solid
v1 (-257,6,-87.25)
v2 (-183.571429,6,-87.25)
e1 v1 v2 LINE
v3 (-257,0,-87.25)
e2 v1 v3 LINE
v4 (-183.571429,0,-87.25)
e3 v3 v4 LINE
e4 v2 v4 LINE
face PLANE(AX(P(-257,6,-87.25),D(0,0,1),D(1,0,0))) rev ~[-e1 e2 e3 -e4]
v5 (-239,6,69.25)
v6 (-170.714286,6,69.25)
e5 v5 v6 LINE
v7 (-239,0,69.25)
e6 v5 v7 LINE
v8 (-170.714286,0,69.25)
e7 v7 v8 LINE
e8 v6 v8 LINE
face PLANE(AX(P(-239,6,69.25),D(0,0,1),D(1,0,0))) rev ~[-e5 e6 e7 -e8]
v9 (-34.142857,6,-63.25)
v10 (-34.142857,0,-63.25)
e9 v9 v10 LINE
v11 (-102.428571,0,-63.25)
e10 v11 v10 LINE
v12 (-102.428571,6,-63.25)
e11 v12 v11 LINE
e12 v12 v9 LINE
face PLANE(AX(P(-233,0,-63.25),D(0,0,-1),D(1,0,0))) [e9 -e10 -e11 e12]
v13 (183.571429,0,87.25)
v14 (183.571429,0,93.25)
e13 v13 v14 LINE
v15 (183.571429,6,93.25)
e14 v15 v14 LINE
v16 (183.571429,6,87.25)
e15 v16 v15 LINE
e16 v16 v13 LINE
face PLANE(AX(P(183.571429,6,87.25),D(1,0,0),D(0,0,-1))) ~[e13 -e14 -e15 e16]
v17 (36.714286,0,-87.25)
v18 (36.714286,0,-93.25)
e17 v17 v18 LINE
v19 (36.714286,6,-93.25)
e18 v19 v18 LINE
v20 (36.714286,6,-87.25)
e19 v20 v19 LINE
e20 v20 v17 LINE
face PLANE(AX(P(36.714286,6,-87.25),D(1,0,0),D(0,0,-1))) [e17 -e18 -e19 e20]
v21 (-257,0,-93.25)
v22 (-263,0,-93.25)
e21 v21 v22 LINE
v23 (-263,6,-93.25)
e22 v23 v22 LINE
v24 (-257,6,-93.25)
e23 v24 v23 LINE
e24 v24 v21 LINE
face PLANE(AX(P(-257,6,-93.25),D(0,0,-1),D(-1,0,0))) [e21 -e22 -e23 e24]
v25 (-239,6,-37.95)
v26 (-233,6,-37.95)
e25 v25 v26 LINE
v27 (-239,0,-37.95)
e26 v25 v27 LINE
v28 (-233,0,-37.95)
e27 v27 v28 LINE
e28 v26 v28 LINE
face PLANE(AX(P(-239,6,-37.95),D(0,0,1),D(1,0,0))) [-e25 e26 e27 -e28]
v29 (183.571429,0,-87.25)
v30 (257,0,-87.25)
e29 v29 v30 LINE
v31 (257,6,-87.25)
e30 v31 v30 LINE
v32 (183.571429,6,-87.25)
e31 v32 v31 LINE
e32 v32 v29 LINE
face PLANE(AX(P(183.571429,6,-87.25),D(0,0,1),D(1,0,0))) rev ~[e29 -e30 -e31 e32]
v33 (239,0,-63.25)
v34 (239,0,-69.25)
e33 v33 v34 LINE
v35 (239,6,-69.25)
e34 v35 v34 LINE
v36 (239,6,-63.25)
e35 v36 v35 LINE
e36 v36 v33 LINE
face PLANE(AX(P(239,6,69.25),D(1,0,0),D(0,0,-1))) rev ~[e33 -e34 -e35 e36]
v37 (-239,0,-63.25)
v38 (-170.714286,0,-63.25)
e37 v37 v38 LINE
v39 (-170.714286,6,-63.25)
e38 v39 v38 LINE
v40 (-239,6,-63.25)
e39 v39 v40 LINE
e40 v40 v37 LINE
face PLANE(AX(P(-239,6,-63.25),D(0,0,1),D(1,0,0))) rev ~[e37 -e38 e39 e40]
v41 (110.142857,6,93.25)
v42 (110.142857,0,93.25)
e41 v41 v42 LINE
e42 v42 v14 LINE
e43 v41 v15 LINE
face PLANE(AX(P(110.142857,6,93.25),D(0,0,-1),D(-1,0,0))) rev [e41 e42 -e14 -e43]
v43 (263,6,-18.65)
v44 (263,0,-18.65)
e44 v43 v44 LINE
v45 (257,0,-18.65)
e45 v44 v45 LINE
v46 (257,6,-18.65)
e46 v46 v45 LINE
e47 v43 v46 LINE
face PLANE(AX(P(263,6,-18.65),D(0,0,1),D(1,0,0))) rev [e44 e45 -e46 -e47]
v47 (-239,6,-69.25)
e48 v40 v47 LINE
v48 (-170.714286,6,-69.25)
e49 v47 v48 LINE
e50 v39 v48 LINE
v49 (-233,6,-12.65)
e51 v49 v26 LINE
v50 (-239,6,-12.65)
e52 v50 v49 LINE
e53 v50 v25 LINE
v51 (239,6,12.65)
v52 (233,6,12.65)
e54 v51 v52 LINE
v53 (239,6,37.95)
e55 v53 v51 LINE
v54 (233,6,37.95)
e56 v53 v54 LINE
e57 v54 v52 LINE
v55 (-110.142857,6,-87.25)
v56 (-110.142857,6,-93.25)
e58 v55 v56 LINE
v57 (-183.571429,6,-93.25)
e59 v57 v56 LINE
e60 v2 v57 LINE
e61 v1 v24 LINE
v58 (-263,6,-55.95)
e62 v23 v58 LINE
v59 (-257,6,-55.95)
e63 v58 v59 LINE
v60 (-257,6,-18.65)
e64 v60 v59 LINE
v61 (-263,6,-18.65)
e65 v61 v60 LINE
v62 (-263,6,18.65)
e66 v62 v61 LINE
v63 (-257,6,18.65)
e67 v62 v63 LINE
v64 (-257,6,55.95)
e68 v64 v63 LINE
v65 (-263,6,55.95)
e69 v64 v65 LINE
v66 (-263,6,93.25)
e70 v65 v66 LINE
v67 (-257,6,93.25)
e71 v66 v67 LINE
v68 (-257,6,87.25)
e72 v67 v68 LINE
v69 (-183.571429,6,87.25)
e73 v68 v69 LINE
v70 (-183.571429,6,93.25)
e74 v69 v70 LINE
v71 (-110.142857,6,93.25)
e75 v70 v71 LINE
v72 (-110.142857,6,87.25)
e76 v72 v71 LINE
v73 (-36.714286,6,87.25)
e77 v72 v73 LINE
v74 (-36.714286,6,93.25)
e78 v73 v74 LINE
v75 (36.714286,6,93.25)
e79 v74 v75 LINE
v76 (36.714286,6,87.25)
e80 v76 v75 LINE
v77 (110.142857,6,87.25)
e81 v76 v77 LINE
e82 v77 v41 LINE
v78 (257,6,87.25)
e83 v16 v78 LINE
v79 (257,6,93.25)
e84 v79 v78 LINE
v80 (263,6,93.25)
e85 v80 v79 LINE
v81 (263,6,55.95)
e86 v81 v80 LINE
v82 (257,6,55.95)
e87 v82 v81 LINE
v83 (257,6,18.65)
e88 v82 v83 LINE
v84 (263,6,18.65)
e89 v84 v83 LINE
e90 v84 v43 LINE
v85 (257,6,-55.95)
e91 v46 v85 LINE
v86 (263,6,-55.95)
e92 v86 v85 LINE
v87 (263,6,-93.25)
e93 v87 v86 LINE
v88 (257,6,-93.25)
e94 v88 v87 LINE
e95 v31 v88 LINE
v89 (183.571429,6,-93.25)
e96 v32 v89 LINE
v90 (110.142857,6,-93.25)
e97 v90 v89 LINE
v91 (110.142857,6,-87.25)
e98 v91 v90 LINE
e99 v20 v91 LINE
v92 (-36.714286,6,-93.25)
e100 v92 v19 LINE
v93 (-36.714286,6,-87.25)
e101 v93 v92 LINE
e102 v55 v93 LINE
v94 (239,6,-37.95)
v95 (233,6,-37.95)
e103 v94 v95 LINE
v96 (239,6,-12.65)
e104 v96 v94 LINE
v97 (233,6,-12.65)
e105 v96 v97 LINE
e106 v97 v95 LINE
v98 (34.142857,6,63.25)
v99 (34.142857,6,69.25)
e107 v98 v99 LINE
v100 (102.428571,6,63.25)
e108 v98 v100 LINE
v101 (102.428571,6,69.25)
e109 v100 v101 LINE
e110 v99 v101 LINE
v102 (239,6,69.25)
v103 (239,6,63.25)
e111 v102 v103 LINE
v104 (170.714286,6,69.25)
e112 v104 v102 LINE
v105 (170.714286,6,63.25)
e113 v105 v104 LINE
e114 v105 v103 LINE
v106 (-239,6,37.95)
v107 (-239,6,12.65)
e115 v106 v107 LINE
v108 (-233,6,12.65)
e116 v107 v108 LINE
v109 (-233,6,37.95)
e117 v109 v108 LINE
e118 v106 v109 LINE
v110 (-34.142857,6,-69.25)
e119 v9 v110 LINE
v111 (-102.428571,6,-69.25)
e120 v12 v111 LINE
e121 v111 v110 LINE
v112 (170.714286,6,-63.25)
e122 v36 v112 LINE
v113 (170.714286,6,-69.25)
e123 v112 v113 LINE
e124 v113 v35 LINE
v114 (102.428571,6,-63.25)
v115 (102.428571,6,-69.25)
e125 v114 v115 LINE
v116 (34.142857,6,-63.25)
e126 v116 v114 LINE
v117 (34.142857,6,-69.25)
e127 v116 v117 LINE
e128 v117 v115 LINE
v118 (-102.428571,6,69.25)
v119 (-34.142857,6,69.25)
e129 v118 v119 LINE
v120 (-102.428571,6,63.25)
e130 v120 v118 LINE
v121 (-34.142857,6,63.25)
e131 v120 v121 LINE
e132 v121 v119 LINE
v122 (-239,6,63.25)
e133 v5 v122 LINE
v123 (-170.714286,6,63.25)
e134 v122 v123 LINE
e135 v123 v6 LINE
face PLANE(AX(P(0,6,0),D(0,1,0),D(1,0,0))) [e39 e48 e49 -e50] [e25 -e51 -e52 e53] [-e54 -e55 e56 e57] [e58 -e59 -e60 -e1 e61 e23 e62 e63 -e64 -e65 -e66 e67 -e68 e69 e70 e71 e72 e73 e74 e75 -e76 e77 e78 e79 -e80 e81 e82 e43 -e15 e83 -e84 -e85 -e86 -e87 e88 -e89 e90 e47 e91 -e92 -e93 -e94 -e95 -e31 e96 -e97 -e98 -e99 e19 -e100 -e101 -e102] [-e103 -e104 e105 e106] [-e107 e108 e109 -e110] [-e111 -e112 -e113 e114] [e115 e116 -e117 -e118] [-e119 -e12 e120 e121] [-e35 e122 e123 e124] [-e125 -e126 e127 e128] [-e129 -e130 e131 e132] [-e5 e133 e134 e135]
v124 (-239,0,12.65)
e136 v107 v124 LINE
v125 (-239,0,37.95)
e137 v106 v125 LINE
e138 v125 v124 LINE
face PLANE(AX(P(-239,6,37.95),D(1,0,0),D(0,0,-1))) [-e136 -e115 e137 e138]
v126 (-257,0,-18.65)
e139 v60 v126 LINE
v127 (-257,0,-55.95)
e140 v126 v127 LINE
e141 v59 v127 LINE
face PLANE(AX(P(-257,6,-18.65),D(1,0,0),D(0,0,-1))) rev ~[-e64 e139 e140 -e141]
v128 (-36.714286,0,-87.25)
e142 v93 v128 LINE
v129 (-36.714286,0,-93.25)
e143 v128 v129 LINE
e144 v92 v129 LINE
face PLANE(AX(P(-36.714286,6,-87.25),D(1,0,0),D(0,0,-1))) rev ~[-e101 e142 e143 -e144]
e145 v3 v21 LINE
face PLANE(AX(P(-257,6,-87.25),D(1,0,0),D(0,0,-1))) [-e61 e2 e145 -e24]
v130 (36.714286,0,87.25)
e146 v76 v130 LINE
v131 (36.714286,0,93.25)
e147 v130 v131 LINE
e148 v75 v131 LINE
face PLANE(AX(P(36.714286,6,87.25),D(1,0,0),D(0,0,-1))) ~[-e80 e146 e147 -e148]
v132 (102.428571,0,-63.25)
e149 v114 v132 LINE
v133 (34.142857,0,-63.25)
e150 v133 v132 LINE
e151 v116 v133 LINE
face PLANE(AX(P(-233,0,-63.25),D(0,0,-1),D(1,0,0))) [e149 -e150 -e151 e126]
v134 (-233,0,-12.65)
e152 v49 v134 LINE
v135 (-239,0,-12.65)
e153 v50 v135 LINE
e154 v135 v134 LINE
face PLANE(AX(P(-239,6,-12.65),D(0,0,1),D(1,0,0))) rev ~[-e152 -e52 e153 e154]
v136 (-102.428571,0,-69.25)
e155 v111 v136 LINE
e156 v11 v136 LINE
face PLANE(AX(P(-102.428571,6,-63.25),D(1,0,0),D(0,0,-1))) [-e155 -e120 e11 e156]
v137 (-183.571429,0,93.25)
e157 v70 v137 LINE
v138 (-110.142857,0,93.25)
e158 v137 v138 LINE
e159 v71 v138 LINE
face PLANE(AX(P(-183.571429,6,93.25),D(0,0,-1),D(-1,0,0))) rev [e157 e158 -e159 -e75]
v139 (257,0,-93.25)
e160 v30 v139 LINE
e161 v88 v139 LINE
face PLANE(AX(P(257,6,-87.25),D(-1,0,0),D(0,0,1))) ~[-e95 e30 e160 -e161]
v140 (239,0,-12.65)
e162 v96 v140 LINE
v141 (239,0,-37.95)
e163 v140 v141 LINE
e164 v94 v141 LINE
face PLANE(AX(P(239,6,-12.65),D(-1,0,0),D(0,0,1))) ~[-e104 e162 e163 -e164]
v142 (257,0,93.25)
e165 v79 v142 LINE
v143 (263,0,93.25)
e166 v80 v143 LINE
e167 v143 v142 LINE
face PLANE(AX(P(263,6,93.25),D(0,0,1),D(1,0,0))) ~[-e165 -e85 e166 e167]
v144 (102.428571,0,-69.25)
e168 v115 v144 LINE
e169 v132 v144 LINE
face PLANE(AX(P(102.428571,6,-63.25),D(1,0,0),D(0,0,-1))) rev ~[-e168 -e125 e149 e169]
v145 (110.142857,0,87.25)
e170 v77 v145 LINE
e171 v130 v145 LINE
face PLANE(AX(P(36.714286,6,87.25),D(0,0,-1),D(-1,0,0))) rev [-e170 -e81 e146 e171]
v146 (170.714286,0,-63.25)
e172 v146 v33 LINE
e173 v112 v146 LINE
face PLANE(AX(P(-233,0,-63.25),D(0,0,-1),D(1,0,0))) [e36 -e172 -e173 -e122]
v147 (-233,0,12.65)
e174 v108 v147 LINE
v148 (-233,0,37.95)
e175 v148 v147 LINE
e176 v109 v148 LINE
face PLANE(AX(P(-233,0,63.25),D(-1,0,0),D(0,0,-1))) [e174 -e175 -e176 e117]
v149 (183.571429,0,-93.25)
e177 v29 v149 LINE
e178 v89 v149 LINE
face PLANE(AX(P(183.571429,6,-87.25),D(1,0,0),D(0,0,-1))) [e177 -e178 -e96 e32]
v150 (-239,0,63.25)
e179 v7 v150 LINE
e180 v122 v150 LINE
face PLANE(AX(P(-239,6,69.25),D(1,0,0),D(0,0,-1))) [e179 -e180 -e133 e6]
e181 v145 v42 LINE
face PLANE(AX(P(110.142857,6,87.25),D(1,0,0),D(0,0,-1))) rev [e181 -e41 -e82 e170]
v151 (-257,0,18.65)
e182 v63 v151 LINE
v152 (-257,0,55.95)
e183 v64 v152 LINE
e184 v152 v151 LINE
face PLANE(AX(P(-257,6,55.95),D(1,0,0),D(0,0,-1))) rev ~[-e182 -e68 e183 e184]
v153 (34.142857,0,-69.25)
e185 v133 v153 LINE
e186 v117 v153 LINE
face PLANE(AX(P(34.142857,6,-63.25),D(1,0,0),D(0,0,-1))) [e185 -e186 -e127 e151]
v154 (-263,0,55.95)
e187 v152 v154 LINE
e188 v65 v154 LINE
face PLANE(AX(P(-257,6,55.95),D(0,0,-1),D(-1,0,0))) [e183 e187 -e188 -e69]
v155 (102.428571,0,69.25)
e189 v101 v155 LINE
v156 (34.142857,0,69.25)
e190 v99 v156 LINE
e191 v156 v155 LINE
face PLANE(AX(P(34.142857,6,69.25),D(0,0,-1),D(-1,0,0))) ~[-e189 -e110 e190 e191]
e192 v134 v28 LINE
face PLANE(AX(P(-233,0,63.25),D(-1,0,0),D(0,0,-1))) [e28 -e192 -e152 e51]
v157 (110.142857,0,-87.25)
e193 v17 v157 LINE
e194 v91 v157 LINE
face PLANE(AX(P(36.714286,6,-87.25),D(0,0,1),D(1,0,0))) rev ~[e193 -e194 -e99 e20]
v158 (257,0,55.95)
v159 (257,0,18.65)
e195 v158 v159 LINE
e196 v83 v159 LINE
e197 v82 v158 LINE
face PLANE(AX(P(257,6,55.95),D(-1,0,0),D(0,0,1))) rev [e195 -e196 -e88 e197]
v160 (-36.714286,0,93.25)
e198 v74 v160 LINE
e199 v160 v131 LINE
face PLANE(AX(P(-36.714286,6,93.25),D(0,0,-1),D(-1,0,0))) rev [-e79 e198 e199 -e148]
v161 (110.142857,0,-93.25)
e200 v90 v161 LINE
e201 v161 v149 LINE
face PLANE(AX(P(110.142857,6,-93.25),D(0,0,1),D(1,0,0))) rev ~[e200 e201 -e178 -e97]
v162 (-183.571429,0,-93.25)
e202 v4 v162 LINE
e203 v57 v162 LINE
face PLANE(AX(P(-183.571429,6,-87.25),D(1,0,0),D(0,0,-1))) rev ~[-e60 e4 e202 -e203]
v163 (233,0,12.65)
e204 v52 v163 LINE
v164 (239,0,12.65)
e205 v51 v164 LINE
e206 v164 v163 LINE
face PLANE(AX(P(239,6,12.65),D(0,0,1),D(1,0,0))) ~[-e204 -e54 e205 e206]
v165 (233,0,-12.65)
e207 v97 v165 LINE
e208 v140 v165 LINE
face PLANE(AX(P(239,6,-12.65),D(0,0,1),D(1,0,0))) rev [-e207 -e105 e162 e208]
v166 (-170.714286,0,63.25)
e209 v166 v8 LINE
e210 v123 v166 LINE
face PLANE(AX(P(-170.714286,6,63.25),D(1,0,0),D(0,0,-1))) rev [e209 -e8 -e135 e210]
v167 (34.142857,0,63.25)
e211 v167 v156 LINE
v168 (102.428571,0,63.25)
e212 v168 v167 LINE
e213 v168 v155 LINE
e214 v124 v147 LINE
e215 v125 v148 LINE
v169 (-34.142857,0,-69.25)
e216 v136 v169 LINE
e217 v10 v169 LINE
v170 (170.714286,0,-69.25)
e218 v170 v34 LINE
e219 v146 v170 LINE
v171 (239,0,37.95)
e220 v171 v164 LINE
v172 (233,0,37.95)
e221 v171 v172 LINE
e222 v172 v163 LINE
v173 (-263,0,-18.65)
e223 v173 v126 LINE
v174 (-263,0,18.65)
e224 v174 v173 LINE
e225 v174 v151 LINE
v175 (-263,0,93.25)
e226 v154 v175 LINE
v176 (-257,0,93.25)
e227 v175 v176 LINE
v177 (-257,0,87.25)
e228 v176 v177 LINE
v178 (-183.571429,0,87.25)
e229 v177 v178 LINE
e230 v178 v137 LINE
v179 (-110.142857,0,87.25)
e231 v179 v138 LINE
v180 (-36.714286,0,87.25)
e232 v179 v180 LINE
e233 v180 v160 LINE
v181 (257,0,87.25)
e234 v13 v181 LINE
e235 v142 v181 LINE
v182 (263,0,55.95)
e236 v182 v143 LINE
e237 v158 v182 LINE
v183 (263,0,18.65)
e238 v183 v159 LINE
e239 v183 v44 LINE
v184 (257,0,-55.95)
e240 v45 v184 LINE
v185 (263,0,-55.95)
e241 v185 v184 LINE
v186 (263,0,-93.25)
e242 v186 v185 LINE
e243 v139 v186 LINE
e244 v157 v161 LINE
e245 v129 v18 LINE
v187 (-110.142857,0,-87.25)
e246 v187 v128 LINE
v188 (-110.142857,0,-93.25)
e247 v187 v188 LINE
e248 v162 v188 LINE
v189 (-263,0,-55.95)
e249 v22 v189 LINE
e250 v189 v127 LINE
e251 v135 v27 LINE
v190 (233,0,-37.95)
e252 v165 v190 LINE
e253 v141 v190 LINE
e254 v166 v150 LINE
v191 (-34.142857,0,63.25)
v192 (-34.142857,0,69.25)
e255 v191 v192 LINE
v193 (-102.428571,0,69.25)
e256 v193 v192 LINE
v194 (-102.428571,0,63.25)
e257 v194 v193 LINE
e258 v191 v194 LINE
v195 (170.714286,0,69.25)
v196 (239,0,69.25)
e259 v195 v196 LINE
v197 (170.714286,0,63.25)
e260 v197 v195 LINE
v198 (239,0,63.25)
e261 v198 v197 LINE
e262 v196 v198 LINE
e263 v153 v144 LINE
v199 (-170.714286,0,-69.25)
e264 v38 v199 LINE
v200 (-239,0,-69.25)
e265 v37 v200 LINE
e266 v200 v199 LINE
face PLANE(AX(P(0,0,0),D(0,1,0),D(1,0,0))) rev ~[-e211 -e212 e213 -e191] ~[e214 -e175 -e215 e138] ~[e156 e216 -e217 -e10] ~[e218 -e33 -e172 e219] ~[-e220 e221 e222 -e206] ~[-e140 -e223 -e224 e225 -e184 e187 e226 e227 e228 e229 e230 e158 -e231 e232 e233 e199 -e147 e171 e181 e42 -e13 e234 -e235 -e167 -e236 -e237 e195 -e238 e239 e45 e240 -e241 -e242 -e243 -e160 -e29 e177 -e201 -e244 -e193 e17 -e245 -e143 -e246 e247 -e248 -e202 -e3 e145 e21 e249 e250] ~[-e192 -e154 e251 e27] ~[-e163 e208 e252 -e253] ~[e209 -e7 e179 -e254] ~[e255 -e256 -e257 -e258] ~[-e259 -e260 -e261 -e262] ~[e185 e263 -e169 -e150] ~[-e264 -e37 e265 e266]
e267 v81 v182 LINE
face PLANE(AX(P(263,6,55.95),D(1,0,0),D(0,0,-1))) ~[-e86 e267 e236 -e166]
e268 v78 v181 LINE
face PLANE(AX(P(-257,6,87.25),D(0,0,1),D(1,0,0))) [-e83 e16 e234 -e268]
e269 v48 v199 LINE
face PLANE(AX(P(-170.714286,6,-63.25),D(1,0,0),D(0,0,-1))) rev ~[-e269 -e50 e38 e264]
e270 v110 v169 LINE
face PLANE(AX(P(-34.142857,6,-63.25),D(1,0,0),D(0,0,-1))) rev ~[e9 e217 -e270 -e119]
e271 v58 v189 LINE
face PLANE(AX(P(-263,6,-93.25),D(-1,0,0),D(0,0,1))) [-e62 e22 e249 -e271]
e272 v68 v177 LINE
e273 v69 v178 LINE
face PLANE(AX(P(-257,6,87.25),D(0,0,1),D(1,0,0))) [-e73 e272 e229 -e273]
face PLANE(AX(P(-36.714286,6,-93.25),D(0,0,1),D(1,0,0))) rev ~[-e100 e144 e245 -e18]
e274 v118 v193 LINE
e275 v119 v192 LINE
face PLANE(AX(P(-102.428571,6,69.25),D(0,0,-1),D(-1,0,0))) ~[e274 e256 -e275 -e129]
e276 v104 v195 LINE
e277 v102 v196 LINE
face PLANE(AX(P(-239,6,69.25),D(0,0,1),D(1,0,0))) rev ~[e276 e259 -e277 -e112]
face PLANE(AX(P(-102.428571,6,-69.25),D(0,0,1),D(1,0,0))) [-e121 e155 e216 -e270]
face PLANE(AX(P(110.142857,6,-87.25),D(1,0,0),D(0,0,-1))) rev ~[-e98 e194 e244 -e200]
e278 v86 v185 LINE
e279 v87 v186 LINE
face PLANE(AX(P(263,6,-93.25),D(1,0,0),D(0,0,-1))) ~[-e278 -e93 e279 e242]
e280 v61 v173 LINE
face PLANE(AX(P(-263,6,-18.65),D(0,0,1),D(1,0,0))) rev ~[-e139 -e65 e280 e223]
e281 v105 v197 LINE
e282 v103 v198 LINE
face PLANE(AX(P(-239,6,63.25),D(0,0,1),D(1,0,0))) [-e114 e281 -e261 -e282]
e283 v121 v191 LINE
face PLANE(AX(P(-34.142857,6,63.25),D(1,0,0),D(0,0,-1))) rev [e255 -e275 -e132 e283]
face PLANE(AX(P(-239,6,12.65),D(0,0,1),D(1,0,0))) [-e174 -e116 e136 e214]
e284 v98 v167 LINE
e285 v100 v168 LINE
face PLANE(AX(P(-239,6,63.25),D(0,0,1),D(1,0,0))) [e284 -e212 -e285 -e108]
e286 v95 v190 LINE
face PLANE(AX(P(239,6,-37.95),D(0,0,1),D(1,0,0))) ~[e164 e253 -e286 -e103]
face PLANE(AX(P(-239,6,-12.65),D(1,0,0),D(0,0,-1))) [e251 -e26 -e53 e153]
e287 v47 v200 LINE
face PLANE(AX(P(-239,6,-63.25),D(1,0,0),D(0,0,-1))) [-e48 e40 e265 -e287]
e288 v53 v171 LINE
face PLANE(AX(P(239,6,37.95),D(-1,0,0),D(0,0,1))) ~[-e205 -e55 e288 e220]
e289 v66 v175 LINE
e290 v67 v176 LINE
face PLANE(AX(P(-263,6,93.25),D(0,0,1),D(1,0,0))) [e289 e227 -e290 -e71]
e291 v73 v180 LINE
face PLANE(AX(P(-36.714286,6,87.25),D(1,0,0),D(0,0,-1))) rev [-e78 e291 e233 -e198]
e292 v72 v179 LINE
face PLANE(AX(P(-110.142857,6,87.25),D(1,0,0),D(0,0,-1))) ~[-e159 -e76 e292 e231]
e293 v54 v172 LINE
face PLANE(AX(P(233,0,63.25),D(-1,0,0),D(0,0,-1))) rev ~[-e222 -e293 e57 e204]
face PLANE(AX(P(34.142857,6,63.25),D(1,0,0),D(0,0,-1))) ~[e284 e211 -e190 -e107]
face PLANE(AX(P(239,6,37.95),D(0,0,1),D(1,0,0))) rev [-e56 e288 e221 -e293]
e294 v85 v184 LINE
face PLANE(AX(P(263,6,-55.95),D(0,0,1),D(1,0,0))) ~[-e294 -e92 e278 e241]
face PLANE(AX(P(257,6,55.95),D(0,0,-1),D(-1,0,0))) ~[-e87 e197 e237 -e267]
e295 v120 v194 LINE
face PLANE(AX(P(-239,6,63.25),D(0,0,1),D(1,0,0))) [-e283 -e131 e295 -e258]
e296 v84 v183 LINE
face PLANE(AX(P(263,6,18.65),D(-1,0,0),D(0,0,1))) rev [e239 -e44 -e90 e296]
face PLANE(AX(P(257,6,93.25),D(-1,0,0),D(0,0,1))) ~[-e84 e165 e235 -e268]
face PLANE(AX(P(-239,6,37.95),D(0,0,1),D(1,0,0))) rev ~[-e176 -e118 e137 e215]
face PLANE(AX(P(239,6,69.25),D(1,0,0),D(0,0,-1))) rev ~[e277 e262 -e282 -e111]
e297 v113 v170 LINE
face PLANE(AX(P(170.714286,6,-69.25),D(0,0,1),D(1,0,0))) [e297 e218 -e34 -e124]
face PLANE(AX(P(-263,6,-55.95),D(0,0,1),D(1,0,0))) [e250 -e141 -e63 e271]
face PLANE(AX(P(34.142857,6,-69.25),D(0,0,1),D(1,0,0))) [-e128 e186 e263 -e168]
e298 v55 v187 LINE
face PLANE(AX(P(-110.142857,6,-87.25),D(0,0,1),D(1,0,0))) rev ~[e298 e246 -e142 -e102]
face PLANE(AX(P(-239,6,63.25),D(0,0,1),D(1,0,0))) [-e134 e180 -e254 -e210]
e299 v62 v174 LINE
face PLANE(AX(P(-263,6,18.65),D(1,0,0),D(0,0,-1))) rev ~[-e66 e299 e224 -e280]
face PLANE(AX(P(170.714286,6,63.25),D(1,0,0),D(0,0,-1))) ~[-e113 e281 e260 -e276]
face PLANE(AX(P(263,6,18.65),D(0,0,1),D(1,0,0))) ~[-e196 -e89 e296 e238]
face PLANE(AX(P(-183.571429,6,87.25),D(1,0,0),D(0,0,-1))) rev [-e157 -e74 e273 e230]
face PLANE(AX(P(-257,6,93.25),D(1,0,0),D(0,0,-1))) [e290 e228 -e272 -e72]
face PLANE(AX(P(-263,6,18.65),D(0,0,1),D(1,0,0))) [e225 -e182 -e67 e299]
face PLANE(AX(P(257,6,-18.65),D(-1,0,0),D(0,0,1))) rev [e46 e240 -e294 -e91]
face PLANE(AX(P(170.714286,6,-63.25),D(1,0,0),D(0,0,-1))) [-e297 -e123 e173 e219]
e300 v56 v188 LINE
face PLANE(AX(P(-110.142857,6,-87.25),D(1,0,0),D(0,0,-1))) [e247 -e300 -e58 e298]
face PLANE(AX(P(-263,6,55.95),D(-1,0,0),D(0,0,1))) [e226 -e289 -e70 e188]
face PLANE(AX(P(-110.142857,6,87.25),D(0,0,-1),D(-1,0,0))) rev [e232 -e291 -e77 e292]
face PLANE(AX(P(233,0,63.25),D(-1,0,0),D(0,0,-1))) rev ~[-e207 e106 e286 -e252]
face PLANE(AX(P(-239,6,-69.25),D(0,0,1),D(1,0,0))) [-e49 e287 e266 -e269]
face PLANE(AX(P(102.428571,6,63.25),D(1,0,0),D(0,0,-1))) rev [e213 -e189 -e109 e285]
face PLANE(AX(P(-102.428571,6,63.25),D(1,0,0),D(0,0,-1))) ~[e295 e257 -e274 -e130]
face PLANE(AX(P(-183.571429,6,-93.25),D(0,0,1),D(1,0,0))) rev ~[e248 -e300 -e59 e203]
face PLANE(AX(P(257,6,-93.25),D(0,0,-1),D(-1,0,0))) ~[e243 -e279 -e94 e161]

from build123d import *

# Parameters (mm, degrees)
SKETCH1_W           = 466
SKETCH1_H           = 126.5
BOSS_EXTRUDE1_DEPTH = 6
SKETCH2_W           = 514
SKETCH2_H           = 174.5
SKETCH2_W_2         = 68.285714286
SKETCH2_H_2         = 6
SKETCH2_W_3         = 68.285714285
SKETCH2_W_4         = 73.428571428
SKETCH2_W_5         = 6
SKETCH2_H_3         = 25.3
SKETCH2_H_4         = 37.3
BOSS_EXTRUDE2_DEPTH = 6


with BuildPart() as part:
    # Sketch1 → Boss-Extrude1 (new body)
    with BuildSketch(Plane(origin=(0, 0, 0), x_dir=(1, 0, 0), z_dir=(0, 1, 0))):
        Rectangle(SKETCH1_W, SKETCH1_H)
    extrude(amount=BOSS_EXTRUDE1_DEPTH)

    # Sketch2 → Boss-Extrude2 (add)
    with BuildSketch(Plane(origin=(0, 6, 0), x_dir=(1, 0, 0), z_dir=(0, 1, 0))):
        Rectangle(SKETCH2_W, SKETCH2_H)
        Polygon((170.714285714, 69.25), (102.428571429, 69.25), (34.142857143, 69.25), (-34.142857143, 69.25), (-102.428571429, 69.25), (-170.714285714, 69.25), (-239, 69.25), (-239, 63.25), (-239, 37.95), (-239, 12.65), (-239, -12.65), (-239, -37.95), (-239, -63.25), (-239, -69.25), (239, -69.25), (239, 69.25), align=None, mode=Mode.SUBTRACT)
        with Locations((0, 66.25)):
            Rectangle(SKETCH2_W_2, SKETCH2_H_2)
        with Locations((-136.571428572, 66.25)):
            Rectangle(SKETCH2_W_3, SKETCH2_H_2)
        with Locations((136.571428572, 66.25)):
            Rectangle(SKETCH2_W_3, SKETCH2_H_2)
        with Locations((-146.857142857, 90.25)):
            Rectangle(SKETCH2_W_4, SKETCH2_H_2)
        with Locations((0, 90.25)):
            Rectangle(SKETCH2_W_4, SKETCH2_H_2)
        with Locations((146.857142857, 90.25)):
            Rectangle(SKETCH2_W_4, SKETCH2_H_2)
        with Locations((-236, 50.6)):
            Rectangle(SKETCH2_W_5, SKETCH2_H_3)
        Polygon((-263, 55.95), (-257, 55.95), (-257, 87.25), (-257, 93.25), (-263, 93.25), align=None)
        with Locations((-236, 0)):
            Rectangle(SKETCH2_W_5, SKETCH2_H_3)
        with Locations((-260, 0)):
            Rectangle(SKETCH2_W_5, SKETCH2_H_4)
        with Locations((-236, -50.6)):
            Rectangle(SKETCH2_W_5, SKETCH2_H_3)
        Polygon((-257, -93.25), (-257, -87.25), (-257, -55.95), (-263, -55.95), (-263, -93.25), align=None)
    boss_extrude2 = extrude(amount=-BOSS_EXTRUDE2_DEPTH)

    # Mirror2: Boss-Extrude2 across plane
    add(boss_extrude2.mirror(Plane.XY))

    # Mirror3: Boss-Extrude2 across plane
    add(boss_extrude2.mirror(Plane(origin=(0, 0, 0), x_dir=(0, 0, 1), z_dir=(1, 0, 0))))


solid = part.part
